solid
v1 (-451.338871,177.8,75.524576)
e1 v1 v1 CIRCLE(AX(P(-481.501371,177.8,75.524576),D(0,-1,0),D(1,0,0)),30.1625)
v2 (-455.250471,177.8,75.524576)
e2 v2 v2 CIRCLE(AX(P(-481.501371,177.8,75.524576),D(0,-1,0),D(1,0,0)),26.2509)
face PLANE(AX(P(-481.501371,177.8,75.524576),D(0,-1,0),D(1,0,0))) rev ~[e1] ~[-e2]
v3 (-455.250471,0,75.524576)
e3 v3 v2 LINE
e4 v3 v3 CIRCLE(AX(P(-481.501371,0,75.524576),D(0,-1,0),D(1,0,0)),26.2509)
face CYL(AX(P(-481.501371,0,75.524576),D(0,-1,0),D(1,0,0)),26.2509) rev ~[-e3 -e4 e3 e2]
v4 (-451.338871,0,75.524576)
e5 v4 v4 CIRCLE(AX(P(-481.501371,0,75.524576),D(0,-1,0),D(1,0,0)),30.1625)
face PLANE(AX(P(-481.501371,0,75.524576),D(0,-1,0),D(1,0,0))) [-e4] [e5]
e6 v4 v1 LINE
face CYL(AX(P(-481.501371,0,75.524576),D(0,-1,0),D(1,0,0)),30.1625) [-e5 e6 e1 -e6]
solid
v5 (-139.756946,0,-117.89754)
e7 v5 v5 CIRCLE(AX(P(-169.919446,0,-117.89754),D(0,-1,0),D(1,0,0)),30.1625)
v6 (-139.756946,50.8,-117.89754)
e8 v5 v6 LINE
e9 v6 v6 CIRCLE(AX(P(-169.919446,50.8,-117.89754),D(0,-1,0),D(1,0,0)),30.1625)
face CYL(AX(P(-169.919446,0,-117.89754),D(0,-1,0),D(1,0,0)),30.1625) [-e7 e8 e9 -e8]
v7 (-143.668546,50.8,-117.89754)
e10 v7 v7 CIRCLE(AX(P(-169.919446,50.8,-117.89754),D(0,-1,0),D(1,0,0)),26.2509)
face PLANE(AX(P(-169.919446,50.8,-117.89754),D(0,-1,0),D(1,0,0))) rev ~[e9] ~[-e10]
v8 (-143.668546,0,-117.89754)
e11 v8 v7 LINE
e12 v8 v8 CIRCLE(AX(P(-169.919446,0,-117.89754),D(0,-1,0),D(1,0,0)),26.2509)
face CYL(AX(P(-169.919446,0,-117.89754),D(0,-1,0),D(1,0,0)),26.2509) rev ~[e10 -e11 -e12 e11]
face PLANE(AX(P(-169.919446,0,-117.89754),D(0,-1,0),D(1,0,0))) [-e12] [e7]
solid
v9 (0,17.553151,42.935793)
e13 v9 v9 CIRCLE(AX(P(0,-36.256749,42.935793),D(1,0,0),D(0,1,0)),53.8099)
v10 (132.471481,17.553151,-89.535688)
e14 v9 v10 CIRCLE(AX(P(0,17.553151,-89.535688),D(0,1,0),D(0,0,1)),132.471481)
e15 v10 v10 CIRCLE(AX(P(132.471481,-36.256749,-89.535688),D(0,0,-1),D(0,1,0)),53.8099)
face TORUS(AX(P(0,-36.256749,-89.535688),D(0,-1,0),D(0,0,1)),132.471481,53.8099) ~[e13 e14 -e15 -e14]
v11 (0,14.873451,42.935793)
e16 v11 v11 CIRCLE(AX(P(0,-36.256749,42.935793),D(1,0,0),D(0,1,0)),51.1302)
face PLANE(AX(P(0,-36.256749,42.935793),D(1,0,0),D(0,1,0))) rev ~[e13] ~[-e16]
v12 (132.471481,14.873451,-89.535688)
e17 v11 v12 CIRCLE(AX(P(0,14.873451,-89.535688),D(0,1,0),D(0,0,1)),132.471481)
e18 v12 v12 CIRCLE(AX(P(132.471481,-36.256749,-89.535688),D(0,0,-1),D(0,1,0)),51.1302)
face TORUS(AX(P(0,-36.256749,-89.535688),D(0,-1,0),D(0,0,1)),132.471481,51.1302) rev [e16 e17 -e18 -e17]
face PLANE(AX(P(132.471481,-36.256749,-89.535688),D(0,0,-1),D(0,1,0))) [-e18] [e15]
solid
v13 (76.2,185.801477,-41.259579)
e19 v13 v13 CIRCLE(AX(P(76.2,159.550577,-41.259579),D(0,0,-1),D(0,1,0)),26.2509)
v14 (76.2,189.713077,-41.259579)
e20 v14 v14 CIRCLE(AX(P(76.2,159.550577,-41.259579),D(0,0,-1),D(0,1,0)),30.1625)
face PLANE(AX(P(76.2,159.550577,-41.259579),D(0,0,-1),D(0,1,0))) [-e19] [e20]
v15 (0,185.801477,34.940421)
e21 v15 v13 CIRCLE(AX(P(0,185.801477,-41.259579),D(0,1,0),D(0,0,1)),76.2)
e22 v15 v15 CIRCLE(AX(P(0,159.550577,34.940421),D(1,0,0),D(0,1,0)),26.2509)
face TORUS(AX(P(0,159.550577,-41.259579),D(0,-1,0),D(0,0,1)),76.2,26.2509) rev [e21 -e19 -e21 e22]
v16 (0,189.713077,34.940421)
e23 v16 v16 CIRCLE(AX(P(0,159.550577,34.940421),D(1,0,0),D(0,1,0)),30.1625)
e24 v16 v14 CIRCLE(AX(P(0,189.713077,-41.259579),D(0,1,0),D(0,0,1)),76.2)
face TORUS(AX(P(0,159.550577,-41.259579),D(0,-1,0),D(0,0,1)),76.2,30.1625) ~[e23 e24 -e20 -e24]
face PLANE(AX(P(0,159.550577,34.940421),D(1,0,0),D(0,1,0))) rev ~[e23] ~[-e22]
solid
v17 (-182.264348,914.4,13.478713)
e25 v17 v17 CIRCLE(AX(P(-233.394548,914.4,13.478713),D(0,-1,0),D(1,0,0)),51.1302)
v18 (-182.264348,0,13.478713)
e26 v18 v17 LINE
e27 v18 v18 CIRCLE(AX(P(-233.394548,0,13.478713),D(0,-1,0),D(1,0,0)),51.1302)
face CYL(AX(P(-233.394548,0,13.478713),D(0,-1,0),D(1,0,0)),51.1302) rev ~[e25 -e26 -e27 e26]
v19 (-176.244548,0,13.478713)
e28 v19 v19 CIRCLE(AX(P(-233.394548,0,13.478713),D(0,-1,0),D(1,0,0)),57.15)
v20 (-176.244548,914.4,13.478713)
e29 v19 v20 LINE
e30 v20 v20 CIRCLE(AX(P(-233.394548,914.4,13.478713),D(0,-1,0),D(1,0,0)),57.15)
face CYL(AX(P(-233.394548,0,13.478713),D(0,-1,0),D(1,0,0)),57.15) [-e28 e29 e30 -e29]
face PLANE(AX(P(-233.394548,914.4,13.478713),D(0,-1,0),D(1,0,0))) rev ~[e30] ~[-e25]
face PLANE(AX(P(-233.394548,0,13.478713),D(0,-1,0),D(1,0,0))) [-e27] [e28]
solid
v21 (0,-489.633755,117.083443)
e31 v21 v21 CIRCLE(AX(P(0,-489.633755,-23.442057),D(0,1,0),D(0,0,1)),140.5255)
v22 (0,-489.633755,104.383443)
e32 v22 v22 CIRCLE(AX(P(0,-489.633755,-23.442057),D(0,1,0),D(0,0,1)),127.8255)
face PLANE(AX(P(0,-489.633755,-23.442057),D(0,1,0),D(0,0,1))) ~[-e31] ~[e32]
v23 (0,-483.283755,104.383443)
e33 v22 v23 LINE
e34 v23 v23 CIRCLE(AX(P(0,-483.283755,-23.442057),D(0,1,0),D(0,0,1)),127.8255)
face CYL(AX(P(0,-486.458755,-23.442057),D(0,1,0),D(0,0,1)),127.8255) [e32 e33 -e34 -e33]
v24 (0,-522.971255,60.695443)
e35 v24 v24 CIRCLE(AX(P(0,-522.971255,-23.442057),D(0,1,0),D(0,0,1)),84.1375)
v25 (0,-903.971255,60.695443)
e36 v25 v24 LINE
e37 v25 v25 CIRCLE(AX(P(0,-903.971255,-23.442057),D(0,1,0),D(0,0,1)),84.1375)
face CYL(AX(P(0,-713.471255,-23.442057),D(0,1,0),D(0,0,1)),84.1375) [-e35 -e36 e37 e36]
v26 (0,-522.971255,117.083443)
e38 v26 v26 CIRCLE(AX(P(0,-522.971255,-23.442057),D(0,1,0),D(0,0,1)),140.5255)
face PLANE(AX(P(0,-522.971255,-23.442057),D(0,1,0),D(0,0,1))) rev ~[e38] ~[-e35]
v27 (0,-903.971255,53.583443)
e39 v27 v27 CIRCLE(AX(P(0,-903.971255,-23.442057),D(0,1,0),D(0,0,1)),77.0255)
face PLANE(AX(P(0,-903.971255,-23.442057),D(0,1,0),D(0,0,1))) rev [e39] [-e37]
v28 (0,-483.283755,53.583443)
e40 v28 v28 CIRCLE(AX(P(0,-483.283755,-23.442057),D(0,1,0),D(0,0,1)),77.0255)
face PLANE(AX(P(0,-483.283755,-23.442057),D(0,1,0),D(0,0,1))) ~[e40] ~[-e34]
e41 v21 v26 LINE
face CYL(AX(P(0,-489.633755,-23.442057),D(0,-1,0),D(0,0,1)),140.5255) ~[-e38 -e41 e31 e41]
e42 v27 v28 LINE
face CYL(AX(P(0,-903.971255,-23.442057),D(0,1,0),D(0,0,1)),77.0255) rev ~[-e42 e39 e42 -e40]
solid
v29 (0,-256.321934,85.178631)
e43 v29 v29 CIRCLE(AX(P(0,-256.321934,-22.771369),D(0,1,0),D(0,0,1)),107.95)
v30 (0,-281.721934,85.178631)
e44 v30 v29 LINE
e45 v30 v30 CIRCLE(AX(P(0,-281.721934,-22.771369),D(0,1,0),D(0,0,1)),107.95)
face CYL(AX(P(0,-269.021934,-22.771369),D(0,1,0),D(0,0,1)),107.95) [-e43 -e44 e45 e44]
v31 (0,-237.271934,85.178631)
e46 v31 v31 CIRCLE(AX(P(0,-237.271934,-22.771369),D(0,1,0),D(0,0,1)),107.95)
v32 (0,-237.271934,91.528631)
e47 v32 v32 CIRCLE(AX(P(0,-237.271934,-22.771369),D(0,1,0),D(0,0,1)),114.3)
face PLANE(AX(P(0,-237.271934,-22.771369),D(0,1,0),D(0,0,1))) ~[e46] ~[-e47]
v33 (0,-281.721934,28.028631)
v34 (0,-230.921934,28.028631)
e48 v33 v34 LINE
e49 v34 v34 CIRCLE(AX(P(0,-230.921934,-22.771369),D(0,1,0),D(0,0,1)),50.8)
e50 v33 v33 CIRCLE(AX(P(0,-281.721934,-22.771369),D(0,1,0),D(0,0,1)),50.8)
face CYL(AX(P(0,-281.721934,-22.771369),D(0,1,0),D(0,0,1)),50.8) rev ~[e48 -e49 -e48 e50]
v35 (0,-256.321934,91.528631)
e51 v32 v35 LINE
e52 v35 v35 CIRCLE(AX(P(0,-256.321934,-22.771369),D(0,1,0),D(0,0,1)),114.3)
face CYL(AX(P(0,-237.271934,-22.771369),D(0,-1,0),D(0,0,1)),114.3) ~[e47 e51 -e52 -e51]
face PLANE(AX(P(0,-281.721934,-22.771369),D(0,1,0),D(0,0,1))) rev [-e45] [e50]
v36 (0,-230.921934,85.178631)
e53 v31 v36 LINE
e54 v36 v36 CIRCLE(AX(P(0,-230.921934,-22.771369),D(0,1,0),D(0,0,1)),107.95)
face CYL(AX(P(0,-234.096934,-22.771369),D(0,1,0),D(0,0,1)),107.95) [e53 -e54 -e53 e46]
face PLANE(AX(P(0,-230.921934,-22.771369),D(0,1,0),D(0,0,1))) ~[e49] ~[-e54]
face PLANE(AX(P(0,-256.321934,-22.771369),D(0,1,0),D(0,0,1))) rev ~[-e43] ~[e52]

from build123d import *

# Parameters (mm, degrees)
F0_R      = 53.8099
F0_R_2    = 51.1302
F1_ANGLE  = 90
F2_R      = 30.1625
F2_R_2    = 26.2509
F3_ANGLE  = 90
F4_R      = 57.15
F4_R_2    = 51.1302
F5_DEPTH  = 914.4
F6_R      = 30.1625
F6_R_2    = 26.2509
F7_DEPTH  = 50.8
F8_W      = 25.4
F8_H      = 57.15
F8_W_2    = 6.35
F10_R     = 30.1625
F10_R_2   = 26.2509
F11_DEPTH = 177.8
F12_W     = 6.35
F12_H     = 50.8
F12_W_2   = 381
F12_H_2   = 7.112


with BuildPart() as f1:
    # F0 (on Right) → F1 (revolve)
    with BuildSketch(Plane.YZ):
        with Locations((-36.256749, 42.935793)):
            Circle(F0_R)
        with Locations((-36.256749, 42.935793)):
            Circle(F0_R_2, mode=Mode.SUBTRACT)
    revolve(axis=Axis((0, -29.155705, -89.535688), (0, 1, 0)), revolution_arc=F1_ANGLE)


with BuildPart() as f3:
    # F2 (on Right) → F3 (revolve)
    with BuildSketch(Plane.YZ):
        with Locations((159.550577, 34.940421)):
            Circle(F2_R)
        with Locations((159.550577, 34.940421)):
            Circle(F2_R_2, mode=Mode.SUBTRACT)
    revolve(axis=Axis((0, 163.209058, -41.259579), (0, 1, 0)), revolution_arc=F3_ANGLE)


with BuildPart() as f5:
    # F4 (on Front) → F5 (new body)
    with BuildSketch(Plane.XZ):
        with Locations((-233.394548, 13.478713)):
            Circle(F4_R)
        with Locations((-233.394548, 13.478713)):
            Circle(F4_R_2, mode=Mode.SUBTRACT)
    extrude(amount=-F5_DEPTH)


with BuildPart() as f7:
    # F6 (on Front) → F7 (new body)
    with BuildSketch(Plane.XZ):
        with Locations((-169.919446, -117.89754)):
            Circle(F6_R)
        with Locations((-169.919446, -117.89754)):
            Circle(F6_R_2, mode=Mode.SUBTRACT)
    extrude(amount=-F7_DEPTH)


with BuildPart() as f9:
    # F8 (on Right) → F9 (revolve)
    with BuildSketch(Plane.YZ):
        with Locations((-269.021934, 56.603631)):
            Rectangle(F8_W, F8_H)
        with Locations((-234.096934, 56.603631)):
            Rectangle(F8_W_2, F8_H)
        Polygon((-237.271934, 91.528631), (-256.321934, 91.528631), (-256.321934, 85.178631), (-256.321934, 28.028631), (-237.271934, 28.028631), (-237.271934, 85.178631), align=None)
    revolve(axis=Axis((0, -245.556988, -22.771369), (0, 1, 0)))


with BuildPart() as f11:
    # F10 (on Front) → F11 (new body)
    with BuildSketch(Plane.XZ):
        with Locations((-481.501371, 75.524576)):
            Circle(F10_R)
        with Locations((-481.501371, 75.524576)):
            Circle(F10_R_2, mode=Mode.SUBTRACT)
    extrude(amount=-F11_DEPTH)


with BuildPart() as f13:
    # F12 (on Right) → F13 (revolve)
    with BuildSketch(Plane.YZ):
        with Locations((-486.458755, 78.983443)):
            Rectangle(F12_W, F12_H)
        Polygon((-489.633755, 117.083443), (-508.683755, 117.083443), (-508.683755, 53.583443), (-489.633755, 53.583443), (-489.633755, 104.383443), align=None)
        Polygon((-508.683755, 53.583443), (-508.683755, 117.083443), (-522.971255, 117.083443), (-522.971255, 60.695443), (-522.971255, 53.583443), align=None)
        with Locations((-713.471255, 57.139443)):
            Rectangle(F12_W_2, F12_H_2)
    revolve(axis=Axis((0, -599.371985, -23.442057), (0, 1, 0)))


solid = Compound([f1.part, f3.part, f5.part, f7.part, f9.part, f11.part, f13.part])
